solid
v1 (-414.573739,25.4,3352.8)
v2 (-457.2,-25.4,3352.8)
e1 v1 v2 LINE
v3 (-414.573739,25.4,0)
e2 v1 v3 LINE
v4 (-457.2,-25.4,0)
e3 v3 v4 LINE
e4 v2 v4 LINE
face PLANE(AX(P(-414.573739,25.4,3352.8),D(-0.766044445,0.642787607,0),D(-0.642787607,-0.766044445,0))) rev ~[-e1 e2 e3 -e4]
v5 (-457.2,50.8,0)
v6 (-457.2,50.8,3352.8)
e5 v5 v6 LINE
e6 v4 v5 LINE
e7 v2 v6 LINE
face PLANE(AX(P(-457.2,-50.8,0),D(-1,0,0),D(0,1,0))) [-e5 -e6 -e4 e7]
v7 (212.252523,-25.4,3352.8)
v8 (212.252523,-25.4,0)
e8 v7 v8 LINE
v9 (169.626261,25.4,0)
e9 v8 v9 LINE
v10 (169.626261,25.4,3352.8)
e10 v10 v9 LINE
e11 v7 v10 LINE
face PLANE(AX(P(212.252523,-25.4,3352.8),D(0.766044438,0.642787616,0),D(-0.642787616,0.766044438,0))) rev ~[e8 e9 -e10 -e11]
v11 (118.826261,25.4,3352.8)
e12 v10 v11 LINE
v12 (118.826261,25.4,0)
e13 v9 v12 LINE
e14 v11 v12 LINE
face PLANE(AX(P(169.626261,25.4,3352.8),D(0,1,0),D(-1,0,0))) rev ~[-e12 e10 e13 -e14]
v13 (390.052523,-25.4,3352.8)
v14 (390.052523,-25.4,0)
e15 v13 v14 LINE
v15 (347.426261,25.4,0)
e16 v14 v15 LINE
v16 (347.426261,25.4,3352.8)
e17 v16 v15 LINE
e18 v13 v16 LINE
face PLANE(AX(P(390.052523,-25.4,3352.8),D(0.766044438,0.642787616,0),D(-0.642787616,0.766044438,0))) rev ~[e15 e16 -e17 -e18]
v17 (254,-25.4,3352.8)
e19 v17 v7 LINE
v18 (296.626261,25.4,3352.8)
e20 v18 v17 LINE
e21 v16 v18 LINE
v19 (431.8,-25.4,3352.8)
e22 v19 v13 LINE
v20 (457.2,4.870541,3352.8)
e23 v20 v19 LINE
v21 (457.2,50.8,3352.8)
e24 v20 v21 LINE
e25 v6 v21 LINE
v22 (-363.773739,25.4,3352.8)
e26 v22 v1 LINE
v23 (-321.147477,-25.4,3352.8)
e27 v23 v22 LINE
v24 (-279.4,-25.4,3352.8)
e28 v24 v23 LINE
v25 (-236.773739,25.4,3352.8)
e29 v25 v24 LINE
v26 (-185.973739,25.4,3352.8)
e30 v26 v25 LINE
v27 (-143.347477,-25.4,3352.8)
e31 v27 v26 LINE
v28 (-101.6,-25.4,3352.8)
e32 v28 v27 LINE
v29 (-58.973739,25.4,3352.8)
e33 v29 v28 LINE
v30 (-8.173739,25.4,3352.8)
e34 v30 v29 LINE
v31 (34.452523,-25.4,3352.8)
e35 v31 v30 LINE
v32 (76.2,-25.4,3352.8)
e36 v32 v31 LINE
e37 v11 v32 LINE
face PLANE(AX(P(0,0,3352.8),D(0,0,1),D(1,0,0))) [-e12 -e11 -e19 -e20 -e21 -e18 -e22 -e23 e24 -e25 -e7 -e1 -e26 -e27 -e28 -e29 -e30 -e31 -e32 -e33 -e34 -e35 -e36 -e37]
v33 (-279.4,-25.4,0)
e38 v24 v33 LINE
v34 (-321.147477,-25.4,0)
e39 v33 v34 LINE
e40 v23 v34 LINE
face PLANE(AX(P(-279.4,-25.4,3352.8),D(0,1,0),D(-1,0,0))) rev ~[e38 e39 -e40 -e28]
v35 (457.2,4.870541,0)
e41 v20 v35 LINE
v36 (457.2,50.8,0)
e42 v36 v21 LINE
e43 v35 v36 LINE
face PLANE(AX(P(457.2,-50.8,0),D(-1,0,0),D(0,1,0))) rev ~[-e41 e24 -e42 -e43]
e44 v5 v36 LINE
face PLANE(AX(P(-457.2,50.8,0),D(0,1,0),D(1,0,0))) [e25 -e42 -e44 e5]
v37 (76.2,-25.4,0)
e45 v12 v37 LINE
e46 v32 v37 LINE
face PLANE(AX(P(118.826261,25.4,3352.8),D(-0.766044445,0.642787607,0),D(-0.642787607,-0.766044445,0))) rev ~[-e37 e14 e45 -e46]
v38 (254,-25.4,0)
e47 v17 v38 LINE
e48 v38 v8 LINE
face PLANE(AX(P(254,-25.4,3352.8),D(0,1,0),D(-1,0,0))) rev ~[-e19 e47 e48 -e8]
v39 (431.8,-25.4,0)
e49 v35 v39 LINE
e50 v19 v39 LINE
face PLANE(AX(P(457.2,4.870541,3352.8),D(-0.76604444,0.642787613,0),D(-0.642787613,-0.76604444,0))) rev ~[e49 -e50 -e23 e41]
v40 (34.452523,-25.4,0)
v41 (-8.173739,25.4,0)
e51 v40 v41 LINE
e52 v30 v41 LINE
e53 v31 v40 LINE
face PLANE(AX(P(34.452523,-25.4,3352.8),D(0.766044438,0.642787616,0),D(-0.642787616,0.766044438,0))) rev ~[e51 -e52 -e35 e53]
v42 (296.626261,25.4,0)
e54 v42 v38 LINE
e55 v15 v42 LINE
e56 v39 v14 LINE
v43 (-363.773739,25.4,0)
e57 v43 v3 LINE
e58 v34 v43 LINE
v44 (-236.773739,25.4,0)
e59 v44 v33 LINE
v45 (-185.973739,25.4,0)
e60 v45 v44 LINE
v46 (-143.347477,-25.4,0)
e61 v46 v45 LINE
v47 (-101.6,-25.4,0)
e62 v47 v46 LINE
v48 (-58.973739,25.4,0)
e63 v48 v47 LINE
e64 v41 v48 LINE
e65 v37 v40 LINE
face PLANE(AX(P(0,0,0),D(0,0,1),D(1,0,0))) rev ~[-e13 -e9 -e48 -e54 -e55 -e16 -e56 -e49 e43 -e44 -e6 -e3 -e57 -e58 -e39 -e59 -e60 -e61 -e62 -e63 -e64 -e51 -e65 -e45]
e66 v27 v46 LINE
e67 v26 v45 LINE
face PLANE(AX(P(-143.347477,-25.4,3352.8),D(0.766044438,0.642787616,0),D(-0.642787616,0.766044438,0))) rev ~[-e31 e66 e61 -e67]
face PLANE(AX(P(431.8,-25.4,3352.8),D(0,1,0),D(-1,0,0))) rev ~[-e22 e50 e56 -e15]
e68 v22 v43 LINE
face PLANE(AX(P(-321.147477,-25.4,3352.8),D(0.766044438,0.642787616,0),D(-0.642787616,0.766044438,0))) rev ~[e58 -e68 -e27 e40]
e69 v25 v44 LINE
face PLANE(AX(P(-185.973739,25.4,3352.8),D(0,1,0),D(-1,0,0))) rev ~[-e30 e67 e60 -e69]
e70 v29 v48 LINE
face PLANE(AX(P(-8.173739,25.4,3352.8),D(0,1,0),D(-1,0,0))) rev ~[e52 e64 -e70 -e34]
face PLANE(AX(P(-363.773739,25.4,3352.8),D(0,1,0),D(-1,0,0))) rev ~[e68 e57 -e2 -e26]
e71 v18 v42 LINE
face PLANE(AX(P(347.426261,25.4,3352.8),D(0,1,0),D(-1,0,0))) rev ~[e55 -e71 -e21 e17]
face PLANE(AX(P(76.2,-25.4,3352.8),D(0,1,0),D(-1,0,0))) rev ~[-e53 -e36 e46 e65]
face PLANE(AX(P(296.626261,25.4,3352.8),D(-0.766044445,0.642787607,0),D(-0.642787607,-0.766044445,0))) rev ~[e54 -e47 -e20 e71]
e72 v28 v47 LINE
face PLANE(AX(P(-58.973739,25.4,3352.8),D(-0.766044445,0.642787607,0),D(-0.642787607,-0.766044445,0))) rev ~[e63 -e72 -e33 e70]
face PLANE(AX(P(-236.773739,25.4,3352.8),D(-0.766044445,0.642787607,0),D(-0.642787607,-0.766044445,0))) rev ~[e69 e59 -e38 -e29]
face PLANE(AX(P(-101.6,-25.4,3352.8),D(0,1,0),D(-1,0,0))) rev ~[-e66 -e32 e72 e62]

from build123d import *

# Parameters (mm, degrees)
F0_W     = 914.4
F0_H     = 101.6
F1_DEPTH = 3352.8
F3_DEPTH = 3352.801


with BuildPart() as f1:
    # F0 (on Top) → F1 (new body)
    with BuildSketch(Plane.XY):
        Rectangle(F0_W, F0_H)
    extrude(amount=F1_DEPTH)

    # F2 (on face) → F3 (cut, through all)
    with BuildSketch(Plane.XY.offset(3352.8)):
        Polygon((-414.573739, 25.4), (-457.2, -25.4), (-457.2, -50.8), (457.2, -50.8), (457.2, 4.870541), (431.8, -25.4), (390.052523, -25.4), (347.426261, 25.4), (296.626261, 25.4), (254, -25.4), (212.252523, -25.4), (169.626261, 25.4), (118.826261, 25.4), (76.2, -25.4), (34.452523, -25.4), (-8.173739, 25.4), (-58.973739, 25.4), (-101.6, -25.4), (-143.347477, -25.4), (-185.973739, 25.4), (-236.773739, 25.4), (-279.4, -25.4), (-321.147477, -25.4), (-363.773739, 25.4), align=None)
    extrude(amount=-F3_DEPTH, mode=Mode.SUBTRACT)


solid = f1.part
